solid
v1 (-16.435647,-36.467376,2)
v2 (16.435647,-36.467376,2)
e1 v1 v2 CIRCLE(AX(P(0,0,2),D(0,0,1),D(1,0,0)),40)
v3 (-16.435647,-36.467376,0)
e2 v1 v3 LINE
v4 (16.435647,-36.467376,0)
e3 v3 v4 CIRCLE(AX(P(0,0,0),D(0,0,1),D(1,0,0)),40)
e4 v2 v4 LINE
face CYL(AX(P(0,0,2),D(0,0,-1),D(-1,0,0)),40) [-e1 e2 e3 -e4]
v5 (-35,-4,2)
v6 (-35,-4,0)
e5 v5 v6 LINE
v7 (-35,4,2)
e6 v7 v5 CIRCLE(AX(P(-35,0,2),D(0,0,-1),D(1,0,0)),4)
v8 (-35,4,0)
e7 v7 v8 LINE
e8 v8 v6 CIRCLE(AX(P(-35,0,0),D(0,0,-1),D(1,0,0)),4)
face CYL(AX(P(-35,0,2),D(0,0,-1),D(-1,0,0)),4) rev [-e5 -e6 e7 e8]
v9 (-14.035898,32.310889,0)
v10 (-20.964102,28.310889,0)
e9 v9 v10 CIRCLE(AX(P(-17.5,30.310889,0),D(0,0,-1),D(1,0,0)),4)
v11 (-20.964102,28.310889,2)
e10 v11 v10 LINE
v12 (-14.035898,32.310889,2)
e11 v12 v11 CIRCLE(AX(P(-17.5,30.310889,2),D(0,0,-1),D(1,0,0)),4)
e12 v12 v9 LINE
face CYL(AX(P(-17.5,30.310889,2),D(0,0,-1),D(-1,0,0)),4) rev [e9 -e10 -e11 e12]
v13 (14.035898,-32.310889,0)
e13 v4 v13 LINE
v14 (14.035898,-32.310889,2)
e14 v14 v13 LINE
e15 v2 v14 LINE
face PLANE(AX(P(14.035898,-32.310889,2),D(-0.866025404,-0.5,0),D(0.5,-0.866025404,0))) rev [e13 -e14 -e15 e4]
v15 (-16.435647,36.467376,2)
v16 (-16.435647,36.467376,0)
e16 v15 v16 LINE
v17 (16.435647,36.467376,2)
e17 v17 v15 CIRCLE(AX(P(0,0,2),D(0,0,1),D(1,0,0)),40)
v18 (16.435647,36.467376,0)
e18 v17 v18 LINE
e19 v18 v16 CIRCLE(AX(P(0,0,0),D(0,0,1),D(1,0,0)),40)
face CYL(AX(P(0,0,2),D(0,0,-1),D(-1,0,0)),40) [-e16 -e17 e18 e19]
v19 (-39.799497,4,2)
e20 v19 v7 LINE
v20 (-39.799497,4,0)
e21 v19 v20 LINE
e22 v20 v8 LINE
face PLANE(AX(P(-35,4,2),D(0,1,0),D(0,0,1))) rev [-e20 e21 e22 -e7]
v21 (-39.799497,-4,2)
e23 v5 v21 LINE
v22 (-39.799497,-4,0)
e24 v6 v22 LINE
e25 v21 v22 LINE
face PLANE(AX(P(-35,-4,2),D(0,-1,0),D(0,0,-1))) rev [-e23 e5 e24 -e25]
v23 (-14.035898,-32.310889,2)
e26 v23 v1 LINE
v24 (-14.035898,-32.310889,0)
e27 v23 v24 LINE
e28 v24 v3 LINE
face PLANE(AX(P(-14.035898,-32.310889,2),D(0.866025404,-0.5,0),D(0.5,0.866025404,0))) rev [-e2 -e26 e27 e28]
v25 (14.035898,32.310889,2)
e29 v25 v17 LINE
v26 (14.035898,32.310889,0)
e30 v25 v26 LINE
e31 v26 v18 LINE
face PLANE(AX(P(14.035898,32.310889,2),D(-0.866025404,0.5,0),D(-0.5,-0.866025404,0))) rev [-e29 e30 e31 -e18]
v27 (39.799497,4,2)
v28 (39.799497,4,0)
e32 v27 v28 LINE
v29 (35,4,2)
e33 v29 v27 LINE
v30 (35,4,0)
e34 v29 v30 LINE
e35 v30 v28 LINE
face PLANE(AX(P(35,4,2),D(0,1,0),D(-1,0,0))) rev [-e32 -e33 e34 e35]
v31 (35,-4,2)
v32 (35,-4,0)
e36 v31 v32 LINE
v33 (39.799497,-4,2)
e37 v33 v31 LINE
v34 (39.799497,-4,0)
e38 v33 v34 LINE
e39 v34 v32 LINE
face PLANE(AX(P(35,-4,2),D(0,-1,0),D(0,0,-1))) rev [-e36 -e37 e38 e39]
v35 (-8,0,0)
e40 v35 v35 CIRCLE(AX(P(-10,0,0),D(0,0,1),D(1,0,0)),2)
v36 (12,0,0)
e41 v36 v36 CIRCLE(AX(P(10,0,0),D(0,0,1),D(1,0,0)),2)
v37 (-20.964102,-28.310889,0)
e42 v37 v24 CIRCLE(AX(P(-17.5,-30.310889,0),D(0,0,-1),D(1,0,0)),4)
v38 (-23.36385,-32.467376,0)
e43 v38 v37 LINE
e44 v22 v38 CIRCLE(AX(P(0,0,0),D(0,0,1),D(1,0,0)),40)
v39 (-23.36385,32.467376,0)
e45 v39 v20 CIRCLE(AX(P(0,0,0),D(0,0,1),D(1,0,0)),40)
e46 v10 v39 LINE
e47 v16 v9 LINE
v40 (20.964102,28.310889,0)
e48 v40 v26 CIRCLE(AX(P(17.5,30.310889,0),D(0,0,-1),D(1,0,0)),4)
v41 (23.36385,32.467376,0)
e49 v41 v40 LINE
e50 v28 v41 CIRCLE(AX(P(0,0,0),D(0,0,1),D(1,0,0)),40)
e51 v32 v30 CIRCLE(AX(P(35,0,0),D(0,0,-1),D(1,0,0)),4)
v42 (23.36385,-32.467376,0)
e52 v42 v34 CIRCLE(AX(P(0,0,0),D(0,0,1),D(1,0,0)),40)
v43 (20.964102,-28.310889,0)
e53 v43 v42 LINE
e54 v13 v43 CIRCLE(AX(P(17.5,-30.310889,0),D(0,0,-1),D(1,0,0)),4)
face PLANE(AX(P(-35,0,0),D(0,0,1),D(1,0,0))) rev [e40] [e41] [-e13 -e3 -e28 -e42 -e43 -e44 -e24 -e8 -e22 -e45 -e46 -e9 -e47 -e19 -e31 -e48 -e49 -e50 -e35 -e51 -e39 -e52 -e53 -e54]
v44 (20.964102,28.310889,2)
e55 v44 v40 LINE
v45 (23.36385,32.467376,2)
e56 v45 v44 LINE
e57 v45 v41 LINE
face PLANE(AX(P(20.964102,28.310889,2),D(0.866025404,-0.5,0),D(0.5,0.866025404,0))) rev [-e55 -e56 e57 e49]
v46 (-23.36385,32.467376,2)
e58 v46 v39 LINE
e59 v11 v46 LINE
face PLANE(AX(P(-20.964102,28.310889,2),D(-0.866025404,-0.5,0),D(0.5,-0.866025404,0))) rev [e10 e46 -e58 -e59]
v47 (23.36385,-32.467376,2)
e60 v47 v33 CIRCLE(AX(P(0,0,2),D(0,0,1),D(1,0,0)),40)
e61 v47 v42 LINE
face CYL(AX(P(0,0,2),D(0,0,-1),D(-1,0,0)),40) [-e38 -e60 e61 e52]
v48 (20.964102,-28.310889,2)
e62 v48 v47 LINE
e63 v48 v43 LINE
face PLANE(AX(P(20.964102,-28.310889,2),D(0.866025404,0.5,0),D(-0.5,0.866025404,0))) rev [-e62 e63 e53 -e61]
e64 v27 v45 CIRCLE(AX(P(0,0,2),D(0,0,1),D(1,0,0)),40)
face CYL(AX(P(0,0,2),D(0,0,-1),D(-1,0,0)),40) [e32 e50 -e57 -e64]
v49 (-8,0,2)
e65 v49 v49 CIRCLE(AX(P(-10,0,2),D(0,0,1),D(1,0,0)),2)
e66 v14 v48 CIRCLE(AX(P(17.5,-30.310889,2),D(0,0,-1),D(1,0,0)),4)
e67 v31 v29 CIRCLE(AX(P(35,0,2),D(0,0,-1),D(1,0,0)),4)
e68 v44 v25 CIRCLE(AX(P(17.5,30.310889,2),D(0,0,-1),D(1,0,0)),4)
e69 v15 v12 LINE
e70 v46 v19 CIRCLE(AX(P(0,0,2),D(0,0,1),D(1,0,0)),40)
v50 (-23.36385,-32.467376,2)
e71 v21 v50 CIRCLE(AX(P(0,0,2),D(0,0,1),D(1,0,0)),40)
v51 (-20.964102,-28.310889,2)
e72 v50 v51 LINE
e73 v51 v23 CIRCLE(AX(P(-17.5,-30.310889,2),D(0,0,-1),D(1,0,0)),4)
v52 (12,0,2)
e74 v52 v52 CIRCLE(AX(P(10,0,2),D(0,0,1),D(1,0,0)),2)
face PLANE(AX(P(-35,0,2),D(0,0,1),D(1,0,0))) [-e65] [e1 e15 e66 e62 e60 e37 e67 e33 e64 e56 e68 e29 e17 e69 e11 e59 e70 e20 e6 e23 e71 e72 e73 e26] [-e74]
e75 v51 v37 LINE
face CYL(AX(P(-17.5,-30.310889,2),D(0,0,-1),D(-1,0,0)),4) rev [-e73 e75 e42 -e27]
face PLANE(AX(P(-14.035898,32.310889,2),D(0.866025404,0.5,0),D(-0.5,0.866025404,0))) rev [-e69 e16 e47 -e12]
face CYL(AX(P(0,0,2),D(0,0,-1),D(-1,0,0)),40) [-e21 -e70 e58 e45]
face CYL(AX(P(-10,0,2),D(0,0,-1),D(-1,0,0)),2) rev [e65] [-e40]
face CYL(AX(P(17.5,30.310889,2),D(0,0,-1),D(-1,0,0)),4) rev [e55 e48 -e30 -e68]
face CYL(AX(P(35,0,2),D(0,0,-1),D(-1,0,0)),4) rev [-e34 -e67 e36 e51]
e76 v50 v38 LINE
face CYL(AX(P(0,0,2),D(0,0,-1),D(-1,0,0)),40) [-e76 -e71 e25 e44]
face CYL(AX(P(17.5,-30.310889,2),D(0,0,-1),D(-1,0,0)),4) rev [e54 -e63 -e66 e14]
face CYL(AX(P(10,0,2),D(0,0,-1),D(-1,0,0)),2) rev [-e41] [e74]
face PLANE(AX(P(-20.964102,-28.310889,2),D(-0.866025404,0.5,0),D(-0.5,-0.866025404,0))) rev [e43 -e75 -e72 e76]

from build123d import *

# Parameters (mm, degrees)
SKETCH_1_R      = 2
EXTRUDE_1_DEPTH = 2


with BuildPart() as part:
    # 草图1 → 凸台-拉伸1 (new body)
    with BuildSketch(Plane.XY):
        with BuildLine():
            Line((-35, 4), (-39.799497484, 4))
            ThreePointArc((-39.799497484, 4), (-34.641016151, 20), (-23.363850357, 32.467375879))
            Line((-23.363850357, 32.467375879), (-20.964101615, 28.310889132))
            ThreePointArc((-20.964101615, 28.310889132), (-15.5, 26.846787517), (-14.035898385, 32.310889132))
            Line((-14.035898385, 32.310889132), (-16.435647127, 36.467375879))
            ThreePointArc((-16.435647127, 36.467375879), (0, 40), (16.435647127, 36.467375879))
            Line((16.435647127, 36.467375879), (14.035898385, 32.310889132))
            ThreePointArc((14.035898385, 32.310889132), (15.5, 26.846787517), (20.964101615, 28.310889132))
            Line((20.964101615, 28.310889132), (23.363850357, 32.467375879))
            ThreePointArc((23.363850357, 32.467375879), (34.641016151, 20), (39.799497484, 4))
            Line((39.799497484, 4), (35, 4))
            ThreePointArc((35, 4), (31, 0), (35, -4))
            Line((35, -4), (39.799497484, -4))
            ThreePointArc((39.799497484, -4), (34.641016151, -20), (23.363850357, -32.467375879))
            Line((23.363850357, -32.467375879), (20.964101615, -28.310889132))
            ThreePointArc((20.964101615, -28.310889132), (15.5, -26.846787517), (14.035898385, -32.310889132))
            Line((14.035898385, -32.310889132), (16.435647127, -36.467375879))
            ThreePointArc((16.435647127, -36.467375879), (0, -40), (-16.435647127, -36.467375879))
            Line((-16.435647127, -36.467375879), (-14.035898385, -32.310889132))
            ThreePointArc((-14.035898385, -32.310889132), (-15.5, -26.846787517), (-20.964101615, -28.310889132))
            Line((-20.964101615, -28.310889132), (-23.363850357, -32.467375879))
            ThreePointArc((-23.363850357, -32.467375879), (-34.641016151, -20), (-39.799497484, -4))
            Line((-39.799497484, -4), (-35, -4))
            ThreePointArc((-35, -4), (-31, 0), (-35, 4))
        make_face()
        with Locations((-10, 0)):
            Circle(SKETCH_1_R, mode=Mode.SUBTRACT)
        with Locations((10, 0)):
            Circle(SKETCH_1_R, mode=Mode.SUBTRACT)
    extrude(amount=EXTRUDE_1_DEPTH)


solid = part.part
